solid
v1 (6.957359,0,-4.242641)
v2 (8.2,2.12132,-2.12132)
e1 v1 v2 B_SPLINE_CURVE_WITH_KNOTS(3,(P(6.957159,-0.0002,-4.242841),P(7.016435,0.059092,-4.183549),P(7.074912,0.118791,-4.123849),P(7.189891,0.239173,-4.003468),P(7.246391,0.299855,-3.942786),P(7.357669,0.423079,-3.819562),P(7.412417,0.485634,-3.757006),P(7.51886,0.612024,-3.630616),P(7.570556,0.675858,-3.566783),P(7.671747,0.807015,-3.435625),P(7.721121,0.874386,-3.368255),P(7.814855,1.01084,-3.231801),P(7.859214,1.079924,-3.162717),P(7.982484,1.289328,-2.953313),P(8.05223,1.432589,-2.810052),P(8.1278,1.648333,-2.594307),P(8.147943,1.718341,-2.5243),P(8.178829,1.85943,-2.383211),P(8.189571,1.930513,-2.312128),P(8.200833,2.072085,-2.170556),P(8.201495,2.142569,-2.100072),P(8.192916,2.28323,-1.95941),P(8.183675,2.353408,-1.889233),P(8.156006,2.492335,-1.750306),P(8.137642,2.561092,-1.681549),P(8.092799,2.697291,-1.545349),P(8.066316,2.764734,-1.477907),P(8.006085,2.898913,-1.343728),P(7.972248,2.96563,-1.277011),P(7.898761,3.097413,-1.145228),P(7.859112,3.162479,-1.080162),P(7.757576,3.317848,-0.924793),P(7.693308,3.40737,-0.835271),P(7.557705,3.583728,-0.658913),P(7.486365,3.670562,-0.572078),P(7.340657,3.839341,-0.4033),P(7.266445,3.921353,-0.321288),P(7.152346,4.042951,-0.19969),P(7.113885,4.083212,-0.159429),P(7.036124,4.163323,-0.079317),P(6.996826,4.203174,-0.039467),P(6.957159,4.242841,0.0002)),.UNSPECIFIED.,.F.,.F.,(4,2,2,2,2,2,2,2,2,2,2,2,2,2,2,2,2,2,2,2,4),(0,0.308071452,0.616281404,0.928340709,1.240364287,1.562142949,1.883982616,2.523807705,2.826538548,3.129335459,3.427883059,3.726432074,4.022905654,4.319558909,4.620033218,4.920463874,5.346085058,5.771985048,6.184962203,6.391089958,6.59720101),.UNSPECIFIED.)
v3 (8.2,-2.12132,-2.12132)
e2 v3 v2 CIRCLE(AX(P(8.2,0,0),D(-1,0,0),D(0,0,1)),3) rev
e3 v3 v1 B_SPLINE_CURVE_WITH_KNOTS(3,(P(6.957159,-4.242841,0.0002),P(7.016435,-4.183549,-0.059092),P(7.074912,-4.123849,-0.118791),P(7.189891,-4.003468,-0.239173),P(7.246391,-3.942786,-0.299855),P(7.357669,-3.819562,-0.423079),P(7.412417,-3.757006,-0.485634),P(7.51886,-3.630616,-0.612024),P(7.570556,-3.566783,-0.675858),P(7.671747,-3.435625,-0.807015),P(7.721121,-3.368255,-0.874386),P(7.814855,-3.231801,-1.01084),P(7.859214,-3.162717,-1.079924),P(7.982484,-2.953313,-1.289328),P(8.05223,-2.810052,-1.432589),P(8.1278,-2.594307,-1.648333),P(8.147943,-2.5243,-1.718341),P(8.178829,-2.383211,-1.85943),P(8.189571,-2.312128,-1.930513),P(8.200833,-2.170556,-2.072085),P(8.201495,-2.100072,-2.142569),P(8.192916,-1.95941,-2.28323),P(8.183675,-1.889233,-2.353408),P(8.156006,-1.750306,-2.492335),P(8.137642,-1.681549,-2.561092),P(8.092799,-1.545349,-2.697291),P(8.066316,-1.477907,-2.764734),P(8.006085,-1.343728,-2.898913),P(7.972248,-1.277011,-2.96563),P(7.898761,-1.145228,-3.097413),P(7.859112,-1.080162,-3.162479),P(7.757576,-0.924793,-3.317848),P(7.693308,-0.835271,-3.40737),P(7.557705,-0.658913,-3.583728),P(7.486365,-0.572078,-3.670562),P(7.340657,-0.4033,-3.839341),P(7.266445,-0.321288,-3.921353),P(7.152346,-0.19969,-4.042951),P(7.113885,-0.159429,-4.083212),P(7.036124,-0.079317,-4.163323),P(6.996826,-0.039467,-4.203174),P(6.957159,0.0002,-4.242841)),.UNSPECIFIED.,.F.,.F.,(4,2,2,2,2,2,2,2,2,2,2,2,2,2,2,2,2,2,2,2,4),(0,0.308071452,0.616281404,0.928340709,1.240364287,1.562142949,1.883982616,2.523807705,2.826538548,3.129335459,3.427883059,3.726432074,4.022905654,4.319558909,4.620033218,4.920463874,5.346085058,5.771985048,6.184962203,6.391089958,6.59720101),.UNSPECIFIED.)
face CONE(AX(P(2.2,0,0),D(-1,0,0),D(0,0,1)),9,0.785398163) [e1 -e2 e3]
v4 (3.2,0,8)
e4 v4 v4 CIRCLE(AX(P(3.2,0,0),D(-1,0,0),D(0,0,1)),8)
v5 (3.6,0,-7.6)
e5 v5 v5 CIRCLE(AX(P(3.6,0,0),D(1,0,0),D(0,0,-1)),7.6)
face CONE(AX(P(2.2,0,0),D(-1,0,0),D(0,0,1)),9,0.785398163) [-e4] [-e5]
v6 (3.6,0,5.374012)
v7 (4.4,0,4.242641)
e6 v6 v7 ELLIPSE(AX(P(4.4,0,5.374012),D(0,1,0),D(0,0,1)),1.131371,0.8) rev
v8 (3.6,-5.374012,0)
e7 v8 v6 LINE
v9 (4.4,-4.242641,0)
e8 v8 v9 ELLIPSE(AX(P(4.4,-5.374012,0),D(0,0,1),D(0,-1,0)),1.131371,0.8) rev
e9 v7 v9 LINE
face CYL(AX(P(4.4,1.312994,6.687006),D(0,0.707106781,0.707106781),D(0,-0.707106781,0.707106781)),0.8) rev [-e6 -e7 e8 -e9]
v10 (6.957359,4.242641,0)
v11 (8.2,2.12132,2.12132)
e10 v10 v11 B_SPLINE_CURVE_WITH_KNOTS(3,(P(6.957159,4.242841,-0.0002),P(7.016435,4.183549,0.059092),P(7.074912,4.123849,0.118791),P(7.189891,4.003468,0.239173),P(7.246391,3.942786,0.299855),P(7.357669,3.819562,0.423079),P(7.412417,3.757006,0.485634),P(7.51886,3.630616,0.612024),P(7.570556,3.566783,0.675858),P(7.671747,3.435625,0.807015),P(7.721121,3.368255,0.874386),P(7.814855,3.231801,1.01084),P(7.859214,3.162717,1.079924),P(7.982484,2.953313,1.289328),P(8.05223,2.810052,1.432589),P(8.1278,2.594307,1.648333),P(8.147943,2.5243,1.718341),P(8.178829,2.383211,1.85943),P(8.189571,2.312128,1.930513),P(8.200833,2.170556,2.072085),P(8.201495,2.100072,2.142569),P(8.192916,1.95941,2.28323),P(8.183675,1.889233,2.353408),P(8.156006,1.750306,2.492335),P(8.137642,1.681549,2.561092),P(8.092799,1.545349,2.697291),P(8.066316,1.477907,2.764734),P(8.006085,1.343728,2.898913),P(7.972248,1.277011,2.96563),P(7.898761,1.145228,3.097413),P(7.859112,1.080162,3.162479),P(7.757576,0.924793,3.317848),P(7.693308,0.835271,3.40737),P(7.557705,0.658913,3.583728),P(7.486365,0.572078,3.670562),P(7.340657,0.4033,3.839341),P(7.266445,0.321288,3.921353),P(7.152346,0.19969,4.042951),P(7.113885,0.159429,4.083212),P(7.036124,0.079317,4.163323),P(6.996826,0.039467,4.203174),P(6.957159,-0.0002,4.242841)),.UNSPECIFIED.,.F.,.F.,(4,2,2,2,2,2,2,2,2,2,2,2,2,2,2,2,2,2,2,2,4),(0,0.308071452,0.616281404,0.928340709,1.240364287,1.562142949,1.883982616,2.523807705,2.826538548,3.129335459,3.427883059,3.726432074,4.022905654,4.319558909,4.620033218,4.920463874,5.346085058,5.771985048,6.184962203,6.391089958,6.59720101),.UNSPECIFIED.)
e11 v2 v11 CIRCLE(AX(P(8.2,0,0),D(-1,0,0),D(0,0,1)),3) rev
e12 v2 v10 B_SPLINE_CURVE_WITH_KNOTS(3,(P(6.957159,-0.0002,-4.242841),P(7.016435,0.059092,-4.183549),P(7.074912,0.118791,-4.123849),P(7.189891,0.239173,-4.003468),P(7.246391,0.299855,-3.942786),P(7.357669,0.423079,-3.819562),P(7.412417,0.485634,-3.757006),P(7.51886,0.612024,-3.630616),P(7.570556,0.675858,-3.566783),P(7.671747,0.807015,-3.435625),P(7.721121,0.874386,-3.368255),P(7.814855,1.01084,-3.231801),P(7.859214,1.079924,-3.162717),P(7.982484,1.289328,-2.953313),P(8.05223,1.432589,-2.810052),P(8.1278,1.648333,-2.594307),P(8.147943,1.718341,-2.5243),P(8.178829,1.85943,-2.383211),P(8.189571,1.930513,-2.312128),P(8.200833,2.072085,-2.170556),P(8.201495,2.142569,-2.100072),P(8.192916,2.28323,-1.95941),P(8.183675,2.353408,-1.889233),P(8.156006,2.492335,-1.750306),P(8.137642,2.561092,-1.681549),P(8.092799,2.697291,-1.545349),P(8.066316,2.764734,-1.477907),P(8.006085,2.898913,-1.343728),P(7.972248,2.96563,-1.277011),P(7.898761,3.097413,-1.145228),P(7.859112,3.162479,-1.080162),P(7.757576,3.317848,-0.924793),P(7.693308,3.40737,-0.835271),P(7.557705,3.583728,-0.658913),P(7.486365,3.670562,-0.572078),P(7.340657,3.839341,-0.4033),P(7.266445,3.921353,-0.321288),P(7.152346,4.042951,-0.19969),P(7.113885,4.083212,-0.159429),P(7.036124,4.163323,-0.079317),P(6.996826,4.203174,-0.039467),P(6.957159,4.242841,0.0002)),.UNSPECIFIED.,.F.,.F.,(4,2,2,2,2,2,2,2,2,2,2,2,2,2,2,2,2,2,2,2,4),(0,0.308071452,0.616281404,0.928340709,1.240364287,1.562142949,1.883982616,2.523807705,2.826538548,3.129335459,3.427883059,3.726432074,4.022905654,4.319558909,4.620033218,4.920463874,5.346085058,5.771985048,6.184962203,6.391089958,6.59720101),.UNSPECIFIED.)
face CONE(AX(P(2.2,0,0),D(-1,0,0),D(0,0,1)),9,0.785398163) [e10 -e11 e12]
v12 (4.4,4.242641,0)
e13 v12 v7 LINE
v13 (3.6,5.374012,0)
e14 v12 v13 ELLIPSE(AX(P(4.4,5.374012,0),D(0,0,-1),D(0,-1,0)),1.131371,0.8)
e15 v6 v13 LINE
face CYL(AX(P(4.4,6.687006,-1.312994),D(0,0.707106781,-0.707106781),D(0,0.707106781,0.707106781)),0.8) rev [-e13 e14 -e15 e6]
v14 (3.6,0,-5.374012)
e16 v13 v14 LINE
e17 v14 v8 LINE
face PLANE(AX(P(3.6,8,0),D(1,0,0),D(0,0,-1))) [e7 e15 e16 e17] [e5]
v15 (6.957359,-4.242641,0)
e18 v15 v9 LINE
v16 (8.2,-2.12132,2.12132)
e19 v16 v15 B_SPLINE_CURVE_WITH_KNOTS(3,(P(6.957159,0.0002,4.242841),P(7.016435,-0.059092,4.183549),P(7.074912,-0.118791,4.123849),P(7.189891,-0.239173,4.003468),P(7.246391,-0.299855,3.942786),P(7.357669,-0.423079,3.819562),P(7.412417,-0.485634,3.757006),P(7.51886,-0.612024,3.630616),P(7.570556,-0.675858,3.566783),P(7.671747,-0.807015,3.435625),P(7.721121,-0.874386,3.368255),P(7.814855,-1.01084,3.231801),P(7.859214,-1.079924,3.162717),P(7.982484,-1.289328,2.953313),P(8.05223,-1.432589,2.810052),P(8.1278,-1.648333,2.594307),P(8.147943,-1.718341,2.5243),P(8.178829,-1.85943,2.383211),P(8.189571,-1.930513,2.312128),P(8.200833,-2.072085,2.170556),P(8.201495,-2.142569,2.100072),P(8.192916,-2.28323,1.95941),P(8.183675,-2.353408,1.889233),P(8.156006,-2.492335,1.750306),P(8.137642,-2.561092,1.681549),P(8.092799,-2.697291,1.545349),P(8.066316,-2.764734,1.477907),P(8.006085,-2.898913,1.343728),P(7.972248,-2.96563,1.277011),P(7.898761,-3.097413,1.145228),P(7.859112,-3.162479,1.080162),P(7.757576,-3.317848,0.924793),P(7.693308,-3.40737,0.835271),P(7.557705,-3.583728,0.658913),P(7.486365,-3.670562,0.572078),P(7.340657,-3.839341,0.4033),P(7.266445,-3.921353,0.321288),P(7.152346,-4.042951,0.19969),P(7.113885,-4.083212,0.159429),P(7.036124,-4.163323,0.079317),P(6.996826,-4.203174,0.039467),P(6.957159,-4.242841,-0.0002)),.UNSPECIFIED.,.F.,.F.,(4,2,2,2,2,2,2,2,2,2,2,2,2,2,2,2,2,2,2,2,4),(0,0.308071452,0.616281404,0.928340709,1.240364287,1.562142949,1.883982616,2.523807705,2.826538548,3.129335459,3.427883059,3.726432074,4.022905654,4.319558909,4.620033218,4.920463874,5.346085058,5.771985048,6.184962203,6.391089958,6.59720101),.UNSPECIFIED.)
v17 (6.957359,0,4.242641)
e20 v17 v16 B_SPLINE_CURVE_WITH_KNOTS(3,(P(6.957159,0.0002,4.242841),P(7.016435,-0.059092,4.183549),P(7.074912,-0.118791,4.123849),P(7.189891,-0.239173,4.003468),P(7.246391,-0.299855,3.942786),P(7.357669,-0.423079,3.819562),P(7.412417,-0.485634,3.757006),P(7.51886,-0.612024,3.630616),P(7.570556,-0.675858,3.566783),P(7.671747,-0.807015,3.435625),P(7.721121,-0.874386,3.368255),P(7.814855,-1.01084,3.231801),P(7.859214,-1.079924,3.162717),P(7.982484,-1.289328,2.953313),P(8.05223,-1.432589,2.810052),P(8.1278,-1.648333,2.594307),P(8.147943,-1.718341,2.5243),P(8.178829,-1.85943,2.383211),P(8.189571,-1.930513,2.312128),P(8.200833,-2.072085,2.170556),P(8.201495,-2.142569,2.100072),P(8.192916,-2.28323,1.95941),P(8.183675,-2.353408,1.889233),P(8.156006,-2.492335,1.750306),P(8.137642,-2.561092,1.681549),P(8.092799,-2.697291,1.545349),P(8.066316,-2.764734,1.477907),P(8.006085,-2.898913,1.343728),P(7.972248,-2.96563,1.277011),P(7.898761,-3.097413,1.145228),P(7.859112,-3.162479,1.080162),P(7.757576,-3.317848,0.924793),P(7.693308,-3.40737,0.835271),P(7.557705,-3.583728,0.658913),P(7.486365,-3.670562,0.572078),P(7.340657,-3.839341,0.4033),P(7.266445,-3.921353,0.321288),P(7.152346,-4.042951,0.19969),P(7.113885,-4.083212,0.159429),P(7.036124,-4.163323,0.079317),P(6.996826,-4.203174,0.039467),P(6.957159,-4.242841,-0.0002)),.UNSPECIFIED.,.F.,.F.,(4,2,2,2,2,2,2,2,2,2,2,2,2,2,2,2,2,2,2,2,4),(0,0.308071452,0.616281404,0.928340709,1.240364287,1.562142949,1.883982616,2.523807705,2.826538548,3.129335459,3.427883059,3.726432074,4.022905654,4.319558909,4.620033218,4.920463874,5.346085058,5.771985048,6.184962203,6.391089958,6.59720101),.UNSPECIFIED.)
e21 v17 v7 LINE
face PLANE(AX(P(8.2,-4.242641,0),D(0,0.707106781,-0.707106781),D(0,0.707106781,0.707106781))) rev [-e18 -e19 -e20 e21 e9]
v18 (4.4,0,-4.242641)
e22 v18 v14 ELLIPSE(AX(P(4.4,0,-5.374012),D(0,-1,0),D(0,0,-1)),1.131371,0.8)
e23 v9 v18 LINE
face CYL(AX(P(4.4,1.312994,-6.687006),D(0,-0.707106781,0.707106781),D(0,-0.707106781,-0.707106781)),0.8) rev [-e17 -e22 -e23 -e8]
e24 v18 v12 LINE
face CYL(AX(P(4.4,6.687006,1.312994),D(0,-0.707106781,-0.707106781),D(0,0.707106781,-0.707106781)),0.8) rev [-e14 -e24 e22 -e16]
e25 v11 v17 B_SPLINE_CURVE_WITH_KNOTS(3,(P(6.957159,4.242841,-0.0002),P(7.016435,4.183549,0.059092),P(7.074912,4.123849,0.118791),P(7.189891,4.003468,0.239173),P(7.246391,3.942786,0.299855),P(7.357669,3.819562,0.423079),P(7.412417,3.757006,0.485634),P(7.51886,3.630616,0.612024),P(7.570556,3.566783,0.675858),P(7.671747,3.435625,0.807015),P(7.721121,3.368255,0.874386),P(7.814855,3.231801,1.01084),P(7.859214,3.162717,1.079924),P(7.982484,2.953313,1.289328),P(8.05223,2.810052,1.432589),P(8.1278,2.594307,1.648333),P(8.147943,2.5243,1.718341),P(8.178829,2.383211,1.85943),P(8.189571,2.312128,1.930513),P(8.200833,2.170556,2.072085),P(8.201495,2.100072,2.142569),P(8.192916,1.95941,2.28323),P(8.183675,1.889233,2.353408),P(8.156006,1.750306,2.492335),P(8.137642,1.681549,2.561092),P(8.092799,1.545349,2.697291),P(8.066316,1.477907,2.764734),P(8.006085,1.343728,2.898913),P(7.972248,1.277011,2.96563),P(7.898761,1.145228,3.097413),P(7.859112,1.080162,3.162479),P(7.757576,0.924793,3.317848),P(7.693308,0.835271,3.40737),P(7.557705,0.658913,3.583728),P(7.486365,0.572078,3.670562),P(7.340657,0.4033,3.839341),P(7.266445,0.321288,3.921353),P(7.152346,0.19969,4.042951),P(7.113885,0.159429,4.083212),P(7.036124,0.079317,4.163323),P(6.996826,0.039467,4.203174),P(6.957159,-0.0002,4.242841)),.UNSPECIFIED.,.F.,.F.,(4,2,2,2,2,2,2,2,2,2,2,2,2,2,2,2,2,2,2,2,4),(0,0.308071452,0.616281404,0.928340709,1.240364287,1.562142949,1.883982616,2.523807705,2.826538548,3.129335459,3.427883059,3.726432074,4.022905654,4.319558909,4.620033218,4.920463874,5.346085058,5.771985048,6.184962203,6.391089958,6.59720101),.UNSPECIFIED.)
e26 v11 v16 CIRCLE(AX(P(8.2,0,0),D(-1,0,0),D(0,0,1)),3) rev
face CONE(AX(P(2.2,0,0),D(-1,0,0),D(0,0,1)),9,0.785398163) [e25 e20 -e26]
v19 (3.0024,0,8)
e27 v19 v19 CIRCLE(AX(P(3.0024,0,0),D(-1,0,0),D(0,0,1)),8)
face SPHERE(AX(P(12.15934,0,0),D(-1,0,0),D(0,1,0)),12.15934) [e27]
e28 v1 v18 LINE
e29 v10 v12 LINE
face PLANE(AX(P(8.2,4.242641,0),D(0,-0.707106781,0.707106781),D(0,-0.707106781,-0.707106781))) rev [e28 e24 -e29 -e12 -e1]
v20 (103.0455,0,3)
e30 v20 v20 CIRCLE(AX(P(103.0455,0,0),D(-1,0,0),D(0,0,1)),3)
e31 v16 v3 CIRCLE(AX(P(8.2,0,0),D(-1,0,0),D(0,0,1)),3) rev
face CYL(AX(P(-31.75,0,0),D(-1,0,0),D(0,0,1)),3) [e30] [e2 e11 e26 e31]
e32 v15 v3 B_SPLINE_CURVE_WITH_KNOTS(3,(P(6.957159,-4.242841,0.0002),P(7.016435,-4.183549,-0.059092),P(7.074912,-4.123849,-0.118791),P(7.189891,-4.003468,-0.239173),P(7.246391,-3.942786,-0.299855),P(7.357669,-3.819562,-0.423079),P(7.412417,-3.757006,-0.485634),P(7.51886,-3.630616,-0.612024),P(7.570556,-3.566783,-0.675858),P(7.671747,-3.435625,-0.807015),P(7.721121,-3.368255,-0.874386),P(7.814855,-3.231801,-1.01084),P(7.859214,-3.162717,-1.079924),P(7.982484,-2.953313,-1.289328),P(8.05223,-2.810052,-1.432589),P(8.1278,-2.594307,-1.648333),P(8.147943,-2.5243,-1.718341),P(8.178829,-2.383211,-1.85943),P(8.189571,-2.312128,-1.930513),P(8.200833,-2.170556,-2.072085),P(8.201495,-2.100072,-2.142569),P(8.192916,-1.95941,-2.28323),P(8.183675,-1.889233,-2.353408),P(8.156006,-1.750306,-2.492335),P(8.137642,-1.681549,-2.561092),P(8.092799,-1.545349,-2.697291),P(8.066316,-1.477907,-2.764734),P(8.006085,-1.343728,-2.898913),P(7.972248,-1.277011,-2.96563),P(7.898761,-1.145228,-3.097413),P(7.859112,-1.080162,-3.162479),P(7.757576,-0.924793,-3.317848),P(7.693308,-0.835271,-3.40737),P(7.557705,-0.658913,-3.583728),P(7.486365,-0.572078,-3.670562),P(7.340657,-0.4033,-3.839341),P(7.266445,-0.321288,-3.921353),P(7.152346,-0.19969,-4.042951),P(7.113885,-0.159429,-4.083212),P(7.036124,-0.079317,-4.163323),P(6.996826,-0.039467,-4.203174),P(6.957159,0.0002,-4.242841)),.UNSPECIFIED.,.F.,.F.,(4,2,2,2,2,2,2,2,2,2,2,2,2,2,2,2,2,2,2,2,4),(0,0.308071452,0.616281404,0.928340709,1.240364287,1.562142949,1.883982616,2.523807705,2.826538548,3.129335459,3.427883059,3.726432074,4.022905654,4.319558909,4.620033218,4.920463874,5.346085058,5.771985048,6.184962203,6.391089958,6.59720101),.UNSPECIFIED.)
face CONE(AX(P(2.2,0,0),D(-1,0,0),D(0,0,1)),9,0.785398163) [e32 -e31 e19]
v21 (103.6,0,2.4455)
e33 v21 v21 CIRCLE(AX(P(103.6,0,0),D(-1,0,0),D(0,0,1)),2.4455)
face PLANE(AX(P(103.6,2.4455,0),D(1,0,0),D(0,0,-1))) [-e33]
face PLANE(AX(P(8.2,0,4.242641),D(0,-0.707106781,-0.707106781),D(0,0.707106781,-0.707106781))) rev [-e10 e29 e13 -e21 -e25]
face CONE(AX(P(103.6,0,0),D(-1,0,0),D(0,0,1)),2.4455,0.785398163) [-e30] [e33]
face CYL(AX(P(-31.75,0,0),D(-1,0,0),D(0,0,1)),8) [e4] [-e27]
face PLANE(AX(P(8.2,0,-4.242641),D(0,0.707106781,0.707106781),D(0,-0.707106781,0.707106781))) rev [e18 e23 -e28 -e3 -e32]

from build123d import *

# Parameters (mm, degrees)
BOSS_EXTRUDE1_DEPTH = 4.6
FILLET1_R           = 0.8


with BuildPart() as part:
    # BodySke → Base-Revolve (revolve)
    with BuildSketch(Plane.XY):
        with BuildLine():
            Line((3.0024, 8), (3.6, 8))
            Line((3.6, 8), (3.6, 3))
            Line((3.6, 3), (103.0455, 3))
            Line((103.0455, 3), (103.6, 2.4455))
            Line((103.6, 2.4455), (103.6, 0))
            Line((103.6, 0), (0, 0))
            ThreePointArc((0, 0), (0.775318389, 4.272423369), (3.0024, 8))
        make_face()
    revolve(axis=Axis((-31.75, 0, 0), (1, 0, 0)))

    # Sketch1 → Boss-Extrude1 (add)
    with BuildSketch(Plane(origin=(3.6, 0, 0), x_dir=(0, 0, -1), z_dir=(1, 0, 0))):
        Polygon((0, 4.242640687), (4.242640687, 0), (0, -4.242640687), (-4.242640687, 0), align=None)
    extrude(amount=BOSS_EXTRUDE1_DEPTH)

    # Sketch2 → Cut-Revolve1 (revolve, cut)
    with BuildSketch(Plane.XY):
        Polygon((8.2, 3), (13.2, 3), (13.2, 9), (2.2, 9), align=None)
    revolve(axis=Axis((0, 0, 0), (1, 0, 0)), mode=Mode.SUBTRACT)

    # Fillet1
    fillet1_edges = [part.edges().sort_by_distance(p)[0] for p in [
        (3.6, 2.121320344, -2.121320344),
        (3.6, -2.121320344, -2.121320344),
        (3.6, 2.121320344, 2.121320344),
        (3.6, -2.121320344, 2.121320344),
    ]]
    fillet(fillet1_edges, radius=FILLET1_R)


solid = part.part
